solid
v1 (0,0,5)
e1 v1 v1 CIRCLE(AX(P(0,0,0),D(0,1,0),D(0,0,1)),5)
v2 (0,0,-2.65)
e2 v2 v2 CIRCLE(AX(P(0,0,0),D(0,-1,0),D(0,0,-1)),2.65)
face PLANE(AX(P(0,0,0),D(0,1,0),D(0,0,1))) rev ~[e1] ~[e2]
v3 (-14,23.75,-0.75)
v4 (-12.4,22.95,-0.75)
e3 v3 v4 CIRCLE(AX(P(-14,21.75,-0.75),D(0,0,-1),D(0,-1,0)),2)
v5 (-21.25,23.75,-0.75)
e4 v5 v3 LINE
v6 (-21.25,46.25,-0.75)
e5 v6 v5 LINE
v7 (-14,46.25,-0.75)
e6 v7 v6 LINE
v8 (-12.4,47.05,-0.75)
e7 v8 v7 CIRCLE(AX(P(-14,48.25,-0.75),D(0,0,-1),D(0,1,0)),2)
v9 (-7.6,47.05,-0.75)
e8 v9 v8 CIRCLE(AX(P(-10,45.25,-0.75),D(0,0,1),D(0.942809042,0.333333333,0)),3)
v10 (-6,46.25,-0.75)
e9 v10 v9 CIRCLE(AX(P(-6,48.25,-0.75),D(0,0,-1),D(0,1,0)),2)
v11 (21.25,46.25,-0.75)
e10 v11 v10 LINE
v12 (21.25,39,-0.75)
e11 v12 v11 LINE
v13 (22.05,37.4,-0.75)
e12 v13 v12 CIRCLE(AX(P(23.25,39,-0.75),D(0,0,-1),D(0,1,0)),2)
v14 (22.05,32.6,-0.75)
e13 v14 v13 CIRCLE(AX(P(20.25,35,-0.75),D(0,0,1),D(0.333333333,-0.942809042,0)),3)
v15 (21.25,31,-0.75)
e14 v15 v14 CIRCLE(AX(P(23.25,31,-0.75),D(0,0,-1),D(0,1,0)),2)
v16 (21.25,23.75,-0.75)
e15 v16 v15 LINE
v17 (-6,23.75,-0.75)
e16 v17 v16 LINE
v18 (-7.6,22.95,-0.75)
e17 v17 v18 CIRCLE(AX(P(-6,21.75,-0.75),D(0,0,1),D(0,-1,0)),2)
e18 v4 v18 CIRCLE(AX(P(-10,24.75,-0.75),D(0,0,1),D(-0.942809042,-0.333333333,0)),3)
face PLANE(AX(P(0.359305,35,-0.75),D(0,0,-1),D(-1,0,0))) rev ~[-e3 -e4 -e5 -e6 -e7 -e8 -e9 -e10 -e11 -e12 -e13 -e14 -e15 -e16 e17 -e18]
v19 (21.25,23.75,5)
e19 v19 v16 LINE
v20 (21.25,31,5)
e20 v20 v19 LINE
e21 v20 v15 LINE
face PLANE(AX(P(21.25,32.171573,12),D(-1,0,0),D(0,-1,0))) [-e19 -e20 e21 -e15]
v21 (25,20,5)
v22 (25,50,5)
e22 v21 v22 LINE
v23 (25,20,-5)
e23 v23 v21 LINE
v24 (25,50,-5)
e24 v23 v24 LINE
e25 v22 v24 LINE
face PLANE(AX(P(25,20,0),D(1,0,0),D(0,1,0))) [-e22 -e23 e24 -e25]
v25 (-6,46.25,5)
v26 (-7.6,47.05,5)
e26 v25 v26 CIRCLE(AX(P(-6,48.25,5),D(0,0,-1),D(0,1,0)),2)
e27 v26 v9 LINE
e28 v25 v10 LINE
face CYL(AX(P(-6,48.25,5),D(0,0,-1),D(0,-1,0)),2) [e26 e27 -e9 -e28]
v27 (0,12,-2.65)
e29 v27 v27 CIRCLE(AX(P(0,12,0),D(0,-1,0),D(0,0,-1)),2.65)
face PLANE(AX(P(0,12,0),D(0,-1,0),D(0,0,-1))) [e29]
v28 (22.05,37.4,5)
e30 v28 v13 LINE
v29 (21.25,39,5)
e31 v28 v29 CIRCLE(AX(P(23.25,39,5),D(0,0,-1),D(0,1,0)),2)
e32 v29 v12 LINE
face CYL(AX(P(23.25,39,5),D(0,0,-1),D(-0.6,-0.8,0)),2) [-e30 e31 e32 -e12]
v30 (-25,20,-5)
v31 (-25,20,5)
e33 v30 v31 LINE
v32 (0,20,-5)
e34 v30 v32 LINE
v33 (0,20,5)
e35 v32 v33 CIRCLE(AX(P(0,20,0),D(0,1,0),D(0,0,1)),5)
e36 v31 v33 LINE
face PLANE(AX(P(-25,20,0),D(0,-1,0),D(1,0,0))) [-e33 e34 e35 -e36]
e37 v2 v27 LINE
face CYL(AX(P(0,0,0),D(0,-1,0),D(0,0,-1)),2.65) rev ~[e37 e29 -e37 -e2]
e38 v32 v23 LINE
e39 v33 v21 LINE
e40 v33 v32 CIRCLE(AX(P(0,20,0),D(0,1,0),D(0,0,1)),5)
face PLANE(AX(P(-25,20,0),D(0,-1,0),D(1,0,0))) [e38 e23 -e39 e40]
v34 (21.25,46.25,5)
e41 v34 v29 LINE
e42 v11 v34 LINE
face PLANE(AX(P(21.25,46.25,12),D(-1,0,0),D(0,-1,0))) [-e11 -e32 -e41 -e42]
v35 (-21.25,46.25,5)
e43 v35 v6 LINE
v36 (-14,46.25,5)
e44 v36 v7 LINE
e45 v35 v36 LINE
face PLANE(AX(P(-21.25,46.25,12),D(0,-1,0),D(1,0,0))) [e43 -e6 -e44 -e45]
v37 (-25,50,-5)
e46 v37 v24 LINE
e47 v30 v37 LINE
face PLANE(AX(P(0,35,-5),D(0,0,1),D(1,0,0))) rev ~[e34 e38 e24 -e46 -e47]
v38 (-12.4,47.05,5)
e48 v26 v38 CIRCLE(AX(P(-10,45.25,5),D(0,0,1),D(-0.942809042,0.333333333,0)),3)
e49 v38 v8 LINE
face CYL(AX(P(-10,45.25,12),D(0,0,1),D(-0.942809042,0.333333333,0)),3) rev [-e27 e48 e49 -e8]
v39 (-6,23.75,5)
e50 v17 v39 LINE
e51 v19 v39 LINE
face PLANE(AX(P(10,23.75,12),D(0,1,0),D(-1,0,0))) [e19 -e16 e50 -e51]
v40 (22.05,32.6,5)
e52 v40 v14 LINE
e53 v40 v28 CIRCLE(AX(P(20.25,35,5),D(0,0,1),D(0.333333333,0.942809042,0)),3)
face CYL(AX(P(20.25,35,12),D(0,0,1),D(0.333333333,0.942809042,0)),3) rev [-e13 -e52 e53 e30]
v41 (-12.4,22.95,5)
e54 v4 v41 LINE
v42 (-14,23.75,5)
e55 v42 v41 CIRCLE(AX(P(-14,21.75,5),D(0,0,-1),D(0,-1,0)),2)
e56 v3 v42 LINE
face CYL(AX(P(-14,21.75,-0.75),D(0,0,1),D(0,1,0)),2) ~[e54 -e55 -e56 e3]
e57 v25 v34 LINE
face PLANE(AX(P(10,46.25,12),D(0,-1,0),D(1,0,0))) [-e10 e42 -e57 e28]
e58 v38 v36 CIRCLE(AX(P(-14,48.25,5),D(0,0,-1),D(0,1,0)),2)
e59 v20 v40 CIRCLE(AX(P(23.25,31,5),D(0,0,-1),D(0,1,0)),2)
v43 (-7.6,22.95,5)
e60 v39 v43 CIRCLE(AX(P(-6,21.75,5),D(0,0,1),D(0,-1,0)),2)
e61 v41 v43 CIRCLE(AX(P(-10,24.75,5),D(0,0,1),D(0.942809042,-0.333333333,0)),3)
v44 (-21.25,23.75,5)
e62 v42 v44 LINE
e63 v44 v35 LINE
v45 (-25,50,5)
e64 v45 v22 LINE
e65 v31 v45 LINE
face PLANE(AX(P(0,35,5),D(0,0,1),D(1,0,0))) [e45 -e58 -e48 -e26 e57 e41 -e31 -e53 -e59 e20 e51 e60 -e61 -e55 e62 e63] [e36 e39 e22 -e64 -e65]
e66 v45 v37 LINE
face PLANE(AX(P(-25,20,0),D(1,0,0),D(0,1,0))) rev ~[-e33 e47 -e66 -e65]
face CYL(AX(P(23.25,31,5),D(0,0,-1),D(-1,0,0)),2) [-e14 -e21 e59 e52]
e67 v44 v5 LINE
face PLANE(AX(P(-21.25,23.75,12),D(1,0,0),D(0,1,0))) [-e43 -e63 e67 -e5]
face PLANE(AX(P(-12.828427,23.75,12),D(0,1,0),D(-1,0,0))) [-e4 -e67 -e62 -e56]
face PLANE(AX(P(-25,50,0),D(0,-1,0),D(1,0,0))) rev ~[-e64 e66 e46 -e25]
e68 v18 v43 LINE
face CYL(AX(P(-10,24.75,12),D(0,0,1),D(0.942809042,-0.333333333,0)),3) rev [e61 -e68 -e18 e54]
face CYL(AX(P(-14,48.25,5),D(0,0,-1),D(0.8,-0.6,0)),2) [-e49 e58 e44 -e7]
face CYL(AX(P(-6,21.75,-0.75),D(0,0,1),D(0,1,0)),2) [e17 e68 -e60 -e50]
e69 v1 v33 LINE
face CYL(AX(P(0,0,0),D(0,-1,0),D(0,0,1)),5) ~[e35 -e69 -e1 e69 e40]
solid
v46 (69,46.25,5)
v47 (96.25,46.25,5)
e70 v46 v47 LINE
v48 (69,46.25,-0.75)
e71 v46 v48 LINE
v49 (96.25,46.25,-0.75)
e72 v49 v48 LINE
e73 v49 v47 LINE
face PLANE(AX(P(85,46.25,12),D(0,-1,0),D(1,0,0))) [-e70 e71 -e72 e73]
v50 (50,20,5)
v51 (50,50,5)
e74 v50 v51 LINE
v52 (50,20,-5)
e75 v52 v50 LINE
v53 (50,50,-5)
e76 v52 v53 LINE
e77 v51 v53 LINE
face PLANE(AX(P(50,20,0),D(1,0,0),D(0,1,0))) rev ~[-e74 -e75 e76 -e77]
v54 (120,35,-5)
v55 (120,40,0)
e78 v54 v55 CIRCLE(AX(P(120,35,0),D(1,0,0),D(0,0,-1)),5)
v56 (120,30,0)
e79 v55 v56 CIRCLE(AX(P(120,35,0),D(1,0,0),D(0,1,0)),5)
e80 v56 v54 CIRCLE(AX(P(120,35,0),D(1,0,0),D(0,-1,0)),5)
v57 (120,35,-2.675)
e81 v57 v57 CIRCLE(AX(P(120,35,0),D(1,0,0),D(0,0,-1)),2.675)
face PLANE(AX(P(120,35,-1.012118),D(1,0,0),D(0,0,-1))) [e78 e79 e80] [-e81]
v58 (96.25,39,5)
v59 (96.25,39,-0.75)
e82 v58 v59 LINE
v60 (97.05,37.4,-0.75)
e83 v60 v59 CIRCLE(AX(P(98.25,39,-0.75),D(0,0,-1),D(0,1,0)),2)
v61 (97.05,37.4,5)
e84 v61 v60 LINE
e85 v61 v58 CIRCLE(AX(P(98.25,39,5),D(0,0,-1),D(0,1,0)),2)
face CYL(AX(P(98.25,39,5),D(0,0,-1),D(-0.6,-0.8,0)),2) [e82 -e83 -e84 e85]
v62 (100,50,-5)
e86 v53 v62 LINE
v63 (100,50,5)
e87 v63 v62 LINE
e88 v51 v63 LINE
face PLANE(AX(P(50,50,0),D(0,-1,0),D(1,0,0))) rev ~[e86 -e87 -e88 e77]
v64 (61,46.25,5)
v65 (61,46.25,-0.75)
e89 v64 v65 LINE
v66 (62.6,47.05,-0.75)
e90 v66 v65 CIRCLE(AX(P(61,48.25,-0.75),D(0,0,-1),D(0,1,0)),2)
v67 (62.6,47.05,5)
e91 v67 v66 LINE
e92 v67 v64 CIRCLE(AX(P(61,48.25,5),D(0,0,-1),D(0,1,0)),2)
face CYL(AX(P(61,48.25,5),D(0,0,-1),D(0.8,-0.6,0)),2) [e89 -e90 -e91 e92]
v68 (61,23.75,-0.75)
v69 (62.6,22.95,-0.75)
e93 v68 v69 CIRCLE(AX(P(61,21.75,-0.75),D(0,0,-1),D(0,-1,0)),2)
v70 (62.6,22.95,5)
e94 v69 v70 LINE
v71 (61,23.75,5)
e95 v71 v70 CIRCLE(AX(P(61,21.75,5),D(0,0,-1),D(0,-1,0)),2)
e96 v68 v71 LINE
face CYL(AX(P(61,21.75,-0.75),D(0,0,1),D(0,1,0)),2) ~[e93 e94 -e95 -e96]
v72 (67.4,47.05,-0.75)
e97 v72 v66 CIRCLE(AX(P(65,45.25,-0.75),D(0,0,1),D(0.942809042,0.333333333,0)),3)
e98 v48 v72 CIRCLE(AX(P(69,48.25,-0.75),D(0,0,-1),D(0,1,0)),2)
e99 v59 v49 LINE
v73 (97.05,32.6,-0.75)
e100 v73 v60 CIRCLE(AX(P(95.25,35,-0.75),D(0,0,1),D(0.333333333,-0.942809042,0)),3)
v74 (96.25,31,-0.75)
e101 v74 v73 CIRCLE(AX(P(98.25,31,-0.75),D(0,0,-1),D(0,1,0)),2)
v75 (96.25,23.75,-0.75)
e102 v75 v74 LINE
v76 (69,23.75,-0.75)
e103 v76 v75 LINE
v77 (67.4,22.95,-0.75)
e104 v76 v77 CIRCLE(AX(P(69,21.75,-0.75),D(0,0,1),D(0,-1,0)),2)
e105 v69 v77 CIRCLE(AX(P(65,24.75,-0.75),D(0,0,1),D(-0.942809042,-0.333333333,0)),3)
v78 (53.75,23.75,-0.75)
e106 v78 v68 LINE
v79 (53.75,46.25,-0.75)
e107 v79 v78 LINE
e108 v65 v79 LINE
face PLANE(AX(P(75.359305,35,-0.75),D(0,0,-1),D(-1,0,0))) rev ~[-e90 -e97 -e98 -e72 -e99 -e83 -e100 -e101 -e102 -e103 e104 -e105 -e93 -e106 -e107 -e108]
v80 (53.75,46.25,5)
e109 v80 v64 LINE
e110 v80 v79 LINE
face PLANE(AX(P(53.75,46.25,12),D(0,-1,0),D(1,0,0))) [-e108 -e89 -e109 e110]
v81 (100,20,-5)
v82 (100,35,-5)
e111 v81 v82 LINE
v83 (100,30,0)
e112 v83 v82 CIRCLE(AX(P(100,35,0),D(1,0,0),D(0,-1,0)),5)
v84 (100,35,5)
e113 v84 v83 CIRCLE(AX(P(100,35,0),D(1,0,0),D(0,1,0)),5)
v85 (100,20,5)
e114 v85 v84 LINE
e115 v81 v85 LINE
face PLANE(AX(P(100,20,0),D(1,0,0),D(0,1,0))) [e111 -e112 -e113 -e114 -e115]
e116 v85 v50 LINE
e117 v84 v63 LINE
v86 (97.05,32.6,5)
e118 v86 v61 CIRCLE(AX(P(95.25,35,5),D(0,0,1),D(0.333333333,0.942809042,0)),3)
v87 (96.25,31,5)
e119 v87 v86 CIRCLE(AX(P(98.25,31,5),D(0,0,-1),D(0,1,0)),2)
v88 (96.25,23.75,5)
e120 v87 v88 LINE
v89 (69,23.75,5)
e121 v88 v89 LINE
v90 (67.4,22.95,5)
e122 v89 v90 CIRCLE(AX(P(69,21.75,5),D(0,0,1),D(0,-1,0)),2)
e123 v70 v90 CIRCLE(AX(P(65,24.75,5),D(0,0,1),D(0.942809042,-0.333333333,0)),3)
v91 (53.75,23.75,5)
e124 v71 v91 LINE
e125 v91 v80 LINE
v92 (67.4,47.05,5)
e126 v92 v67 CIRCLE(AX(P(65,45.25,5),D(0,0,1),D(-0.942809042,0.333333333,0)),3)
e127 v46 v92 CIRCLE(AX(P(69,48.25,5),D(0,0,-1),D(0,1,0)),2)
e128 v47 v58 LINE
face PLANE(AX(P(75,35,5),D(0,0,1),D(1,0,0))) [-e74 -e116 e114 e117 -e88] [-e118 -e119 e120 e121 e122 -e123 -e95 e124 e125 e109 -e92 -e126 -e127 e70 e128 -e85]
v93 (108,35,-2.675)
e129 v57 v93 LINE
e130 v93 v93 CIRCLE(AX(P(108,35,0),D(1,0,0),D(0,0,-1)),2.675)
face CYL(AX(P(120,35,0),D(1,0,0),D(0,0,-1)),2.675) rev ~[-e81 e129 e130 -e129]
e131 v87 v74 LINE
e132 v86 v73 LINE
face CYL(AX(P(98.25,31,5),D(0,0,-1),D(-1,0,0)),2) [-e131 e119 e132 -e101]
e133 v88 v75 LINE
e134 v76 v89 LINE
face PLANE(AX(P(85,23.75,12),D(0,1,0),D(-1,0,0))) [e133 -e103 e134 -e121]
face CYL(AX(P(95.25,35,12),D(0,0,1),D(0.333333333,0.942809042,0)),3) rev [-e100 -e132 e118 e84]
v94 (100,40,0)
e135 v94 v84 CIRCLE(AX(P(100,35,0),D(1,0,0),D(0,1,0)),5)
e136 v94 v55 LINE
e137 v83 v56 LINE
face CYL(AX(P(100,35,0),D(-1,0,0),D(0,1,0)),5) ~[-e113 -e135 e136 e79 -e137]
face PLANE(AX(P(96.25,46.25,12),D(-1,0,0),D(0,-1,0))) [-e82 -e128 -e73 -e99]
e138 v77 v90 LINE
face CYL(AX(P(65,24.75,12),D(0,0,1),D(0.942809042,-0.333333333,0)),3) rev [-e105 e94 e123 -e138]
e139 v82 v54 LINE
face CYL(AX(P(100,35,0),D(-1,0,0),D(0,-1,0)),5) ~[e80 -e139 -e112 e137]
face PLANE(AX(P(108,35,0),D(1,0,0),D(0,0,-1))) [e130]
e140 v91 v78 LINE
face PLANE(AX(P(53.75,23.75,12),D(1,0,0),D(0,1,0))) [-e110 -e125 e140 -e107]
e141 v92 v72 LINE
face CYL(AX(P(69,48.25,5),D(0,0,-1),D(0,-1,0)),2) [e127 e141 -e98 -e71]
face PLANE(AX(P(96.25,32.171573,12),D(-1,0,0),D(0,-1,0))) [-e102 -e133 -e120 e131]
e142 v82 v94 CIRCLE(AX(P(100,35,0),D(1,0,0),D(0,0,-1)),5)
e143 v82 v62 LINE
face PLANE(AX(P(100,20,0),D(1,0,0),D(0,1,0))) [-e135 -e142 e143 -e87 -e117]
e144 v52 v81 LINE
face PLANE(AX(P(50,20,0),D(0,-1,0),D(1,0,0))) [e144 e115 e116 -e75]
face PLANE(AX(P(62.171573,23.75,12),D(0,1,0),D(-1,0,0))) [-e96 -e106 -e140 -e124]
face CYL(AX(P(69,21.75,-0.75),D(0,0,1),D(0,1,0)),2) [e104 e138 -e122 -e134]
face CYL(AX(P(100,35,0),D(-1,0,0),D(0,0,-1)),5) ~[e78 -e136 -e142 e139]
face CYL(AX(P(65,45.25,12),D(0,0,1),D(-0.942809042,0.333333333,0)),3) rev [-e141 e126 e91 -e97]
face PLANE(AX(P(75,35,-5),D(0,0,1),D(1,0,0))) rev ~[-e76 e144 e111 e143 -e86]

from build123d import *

# Parameters (mm, degrees)
SKETCH1_R           = 5
BOSS_EXTRUDE1_DEPTH = 20
SKETCH2_R           = 2.65
CUT_EXTRUDE1_DEPTH  = 12
SKETCH7_W           = 50
SKETCH7_H           = 30
BOSS_EXTRUDE4_DEPTH = 5
CUT_EXTRUDE2_DEPTH  = 0.75
CUT_EXTRUDE3_START  = 12
SKETCH8_3_R         = 1
CUT_EXTRUDE3_DEPTH  = 12
BOSS_EXTRUDE5_DEPTH = 20
SKETCH10_R          = 2.675
CUT_EXTRUDE4_DEPTH  = 12
SKETCH11_W          = 10
SKETCH11_H          = 20
CUT_EXTRUDE5_DEPTH  = 40
FILLET1_R           = 2
FILLET2_R           = 2


with BuildPart() as part:
    # Sketch1 → Boss-Extrude1 (new body)
    with BuildSketch(Plane(origin=(0, 0, 0), x_dir=(1, 0, 0), z_dir=(0, 1, 0))):
        with Locations(Location((0, 0, 0), (0, 0, 270))):
            Circle(SKETCH1_R)
    extrude(amount=BOSS_EXTRUDE1_DEPTH)

    # Sketch2 → Cut-Extrude1 (cut)
    with BuildSketch(Plane.XZ):
        with Locations(Location((0, 0, 0), (0, 0, 270))):
            Circle(SKETCH2_R)
    extrude(amount=-CUT_EXTRUDE1_DEPTH, mode=Mode.SUBTRACT)

    # Sketch7 → Boss-Extrude4 (add, symmetric)
    with BuildSketch(Plane.XY):
        with Locations((0, 35)):
            Rectangle(SKETCH7_W, SKETCH7_H)
    extrude(amount=BOSS_EXTRUDE4_DEPTH, both=True)

    # Sketch8 → Cut-Extrude2 (cut, symmetric)
    # profile 1 of 2: a face of its own
    with BuildSketch(Plane.XY):
        with BuildLine():
            Line((-21.25, 23.75), (-12.828427125, 23.75))
            ThreePointArc((-12.828427125, 23.75), (-10, 21.75), (-7.171572875, 23.75))
            Line((-7.171572875, 23.75), (10, 23.75))
            Line((10, 23.75), (21.25, 23.75))
            Line((21.25, 23.75), (21.25, 32.171572875))
            ThreePointArc((21.25, 32.171572875), (23.25, 35), (21.25, 37.828427125))
            Line((21.25, 37.828427125), (21.25, 46.25))
            Line((21.25, 46.25), (10, 46.25))
            Line((10, 46.25), (-7.171572875, 46.25))
            ThreePointArc((-7.171572875, 46.25), (-10, 48.25), (-12.828427125, 46.25))
            Line((-12.828427125, 46.25), (-21.25, 46.25))
            Line((-21.25, 46.25), (-21.25, 23.75))
        make_face()
        with BuildLine():
            Line((12, 24.75), (20.25, 24.75))
            Line((20.25, 24.75), (20.25, 33))
            ThreePointArc((20.25, 33), (22.25, 35), (20.25, 37))
            Line((20.25, 37), (20.25, 45.25))
            Line((20.25, 45.25), (12, 45.25))
            ThreePointArc((12, 45.25), (10, 43.25), (8, 45.25))
            Line((8, 45.25), (-8, 45.25))
            ThreePointArc((-8, 45.25), (-10, 47.25), (-12, 45.25))
            Line((-12, 45.25), (-20.25, 45.25))
            Line((-20.25, 45.25), (-20.25, 24.75))
            Line((-20.25, 24.75), (-12, 24.75))
            ThreePointArc((-12, 24.75), (-10, 22.75), (-8, 24.75))
            Line((-8, 24.75), (8, 24.75))
            ThreePointArc((8, 24.75), (10, 26.75), (12, 24.75))
        make_face(mode=Mode.SUBTRACT)
    # profile 2 of 2: a face of its own
    with BuildSketch(Plane.XY):
        with BuildLine():
            ThreePointArc((12, 24.75), (10, 26.75), (8, 24.75))
            Line((8, 24.75), (-8, 24.75))
            ThreePointArc((-8, 24.75), (-10, 22.75), (-12, 24.75))
            Line((-12, 24.75), (-20.25, 24.75))
            Line((-20.25, 24.75), (-20.25, 45.25))
            Line((-20.25, 45.25), (-12, 45.25))
            ThreePointArc((-12, 45.25), (-10, 47.25), (-8, 45.25))
            Line((-8, 45.25), (8, 45.25))
            ThreePointArc((8, 45.25), (10, 43.25), (12, 45.25))
            Line((12, 45.25), (20.25, 45.25))
            Line((20.25, 45.25), (20.25, 37))
            ThreePointArc((20.25, 37), (22.25, 35), (20.25, 33))
            Line((20.25, 33), (20.25, 24.75))
            Line((20.25, 24.75), (12, 24.75))
        make_face()
    extrude(amount=CUT_EXTRUDE2_DEPTH, both=True, mode=Mode.SUBTRACT)

    # Sketch8<3> → Cut-Extrude3 (cut)
    with BuildSketch(Plane.XY.offset(CUT_EXTRUDE3_START)):
        with BuildLine():
            Line((-21.25, 46.25), (-12.828427125, 46.25))
            ThreePointArc((-12.828427125, 46.25), (-10, 48.25), (-7.171572875, 46.25))
            Line((-7.171572875, 46.25), (10, 46.25))
            Line((10, 46.25), (21.25, 46.25))
            Line((21.25, 46.25), (21.25, 37.828427125))
            ThreePointArc((21.25, 37.828427125), (23.25, 35), (21.25, 32.171572875))
            Line((21.25, 32.171572875), (21.25, 23.75))
            Line((21.25, 23.75), (10, 23.75))
            Line((10, 23.75), (-7.171572875, 23.75))
            ThreePointArc((-7.171572875, 23.75), (-10, 21.75), (-12.828427125, 23.75))
            Line((-12.828427125, 23.75), (-21.25, 23.75))
            Line((-21.25, 23.75), (-21.25, 46.25))
        make_face()
        with Locations((10, 45.25)):
            Circle(SKETCH8_3_R, mode=Mode.SUBTRACT)
        with Locations((10, 24.75)):
            Circle(SKETCH8_3_R, mode=Mode.SUBTRACT)
    extrude(amount=-CUT_EXTRUDE3_DEPTH, mode=Mode.SUBTRACT)


with BuildPart() as cut_extrude3_kept_piece:
    # of the separate pieces the step leaves, the one the design keeps (cut_extrude3_pieces_kept)
    add(part.part.solids().sort_by_distance((-21.25, 23.75, -0.75))[0])


with BuildPart() as body_2:
    # Body-Move/Copy1: copy of Cut-Extrude3 kept piece
    add(cut_extrude3_kept_piece.part.moved(Location((75, 0, 0))))

    # Sketch9 → Boss-Extrude5 (add)
    with BuildSketch(Plane(origin=(100, 0, 0), x_dir=(0, 0, -1), z_dir=(1, 0, 0))):
        with BuildLine():
            ThreePointArc((2.675, 35), (1.89151064, 36.89151064), (0, 37.675))
            Line((0, 37.675), (0, 32.325))
            ThreePointArc((0, 32.325), (1.89151064, 33.10848936), (2.675, 35))
        make_face()
        with BuildLine():
            Line((0, 32.325), (0, 37.675))
            ThreePointArc((0, 37.675), (-2.675, 35), (0, 32.325))
        make_face()
        with BuildLine():
            ThreePointArc((5, 35), (3.535533906, 38.535533906), (0, 40))
            Line((0, 40), (0, 37.675))
            ThreePointArc((0, 37.675), (1.89151064, 36.89151064), (2.675, 35))
            ThreePointArc((2.675, 35), (1.89151064, 33.10848936), (0, 32.325))
            Line((0, 32.325), (0, 30))
            ThreePointArc((0, 30), (3.535533906, 31.464466094), (5, 35))
        make_face()
        with BuildLine():
            Line((0, 37.675), (0, 40))
            ThreePointArc((0, 40), (-5, 35), (0, 30))
            Line((0, 30), (0, 32.325))
            ThreePointArc((0, 32.325), (-2.675, 35), (0, 37.675))
        make_face()
    extrude(amount=BOSS_EXTRUDE5_DEPTH)

    # Sketch10 → Cut-Extrude4 (cut)
    with BuildSketch(Plane(origin=(120, 0, 0), x_dir=(0, 0, -1), z_dir=(1, 0, 0))):
        with Locations((0, 35)):
            Circle(SKETCH10_R)
    extrude(amount=-CUT_EXTRUDE4_DEPTH, mode=Mode.SUBTRACT)

    # Sketch11 → Cut-Extrude5 (cut)
    with BuildSketch(Plane(origin=(100, 0, 0), x_dir=(0, 0, -1), z_dir=(1, 0, 0))):
        with Locations((0, 10)):
            Rectangle(SKETCH11_W, SKETCH11_H)
    extrude(amount=-CUT_EXTRUDE5_DEPTH, mode=Mode.SUBTRACT)

    # Fillet2
    fillet2_edges = [body_2.edges().sort_by_distance(p)[0] for p in [
        (62.171572875, 46.25, 2.125),
        (67.828427125, 46.25, 2.125),
        (96.25, 37.828427125, 2.125),
        (96.25, 32.171572875, 2.125),
        (67.828427125, 23.75, 2.125),
        (62.171572875, 23.75, 2.125),
    ]]
    fillet(fillet2_edges, radius=FILLET2_R)


with BuildPart() as cut_extrude3_kept_piece_1:
    add(cut_extrude3_kept_piece.part)

    # Fillet1
    fillet1_edges = [cut_extrude3_kept_piece_1.edges().sort_by_distance(p)[0] for p in [
        (-12.828427125, 46.25, 2.125),
        (-7.171572875, 46.25, 2.875),
        (21.25, 37.828427125, 2.125),
        (21.25, 32.171572875, 2.125),
        (-7.171572875, 23.75, 2.125),
        (-12.828427125, 23.75, 2.125),
    ]]
    fillet(fillet1_edges, radius=FILLET1_R)


solid = Compound([body_2.part, cut_extrude3_kept_piece_1.part])
